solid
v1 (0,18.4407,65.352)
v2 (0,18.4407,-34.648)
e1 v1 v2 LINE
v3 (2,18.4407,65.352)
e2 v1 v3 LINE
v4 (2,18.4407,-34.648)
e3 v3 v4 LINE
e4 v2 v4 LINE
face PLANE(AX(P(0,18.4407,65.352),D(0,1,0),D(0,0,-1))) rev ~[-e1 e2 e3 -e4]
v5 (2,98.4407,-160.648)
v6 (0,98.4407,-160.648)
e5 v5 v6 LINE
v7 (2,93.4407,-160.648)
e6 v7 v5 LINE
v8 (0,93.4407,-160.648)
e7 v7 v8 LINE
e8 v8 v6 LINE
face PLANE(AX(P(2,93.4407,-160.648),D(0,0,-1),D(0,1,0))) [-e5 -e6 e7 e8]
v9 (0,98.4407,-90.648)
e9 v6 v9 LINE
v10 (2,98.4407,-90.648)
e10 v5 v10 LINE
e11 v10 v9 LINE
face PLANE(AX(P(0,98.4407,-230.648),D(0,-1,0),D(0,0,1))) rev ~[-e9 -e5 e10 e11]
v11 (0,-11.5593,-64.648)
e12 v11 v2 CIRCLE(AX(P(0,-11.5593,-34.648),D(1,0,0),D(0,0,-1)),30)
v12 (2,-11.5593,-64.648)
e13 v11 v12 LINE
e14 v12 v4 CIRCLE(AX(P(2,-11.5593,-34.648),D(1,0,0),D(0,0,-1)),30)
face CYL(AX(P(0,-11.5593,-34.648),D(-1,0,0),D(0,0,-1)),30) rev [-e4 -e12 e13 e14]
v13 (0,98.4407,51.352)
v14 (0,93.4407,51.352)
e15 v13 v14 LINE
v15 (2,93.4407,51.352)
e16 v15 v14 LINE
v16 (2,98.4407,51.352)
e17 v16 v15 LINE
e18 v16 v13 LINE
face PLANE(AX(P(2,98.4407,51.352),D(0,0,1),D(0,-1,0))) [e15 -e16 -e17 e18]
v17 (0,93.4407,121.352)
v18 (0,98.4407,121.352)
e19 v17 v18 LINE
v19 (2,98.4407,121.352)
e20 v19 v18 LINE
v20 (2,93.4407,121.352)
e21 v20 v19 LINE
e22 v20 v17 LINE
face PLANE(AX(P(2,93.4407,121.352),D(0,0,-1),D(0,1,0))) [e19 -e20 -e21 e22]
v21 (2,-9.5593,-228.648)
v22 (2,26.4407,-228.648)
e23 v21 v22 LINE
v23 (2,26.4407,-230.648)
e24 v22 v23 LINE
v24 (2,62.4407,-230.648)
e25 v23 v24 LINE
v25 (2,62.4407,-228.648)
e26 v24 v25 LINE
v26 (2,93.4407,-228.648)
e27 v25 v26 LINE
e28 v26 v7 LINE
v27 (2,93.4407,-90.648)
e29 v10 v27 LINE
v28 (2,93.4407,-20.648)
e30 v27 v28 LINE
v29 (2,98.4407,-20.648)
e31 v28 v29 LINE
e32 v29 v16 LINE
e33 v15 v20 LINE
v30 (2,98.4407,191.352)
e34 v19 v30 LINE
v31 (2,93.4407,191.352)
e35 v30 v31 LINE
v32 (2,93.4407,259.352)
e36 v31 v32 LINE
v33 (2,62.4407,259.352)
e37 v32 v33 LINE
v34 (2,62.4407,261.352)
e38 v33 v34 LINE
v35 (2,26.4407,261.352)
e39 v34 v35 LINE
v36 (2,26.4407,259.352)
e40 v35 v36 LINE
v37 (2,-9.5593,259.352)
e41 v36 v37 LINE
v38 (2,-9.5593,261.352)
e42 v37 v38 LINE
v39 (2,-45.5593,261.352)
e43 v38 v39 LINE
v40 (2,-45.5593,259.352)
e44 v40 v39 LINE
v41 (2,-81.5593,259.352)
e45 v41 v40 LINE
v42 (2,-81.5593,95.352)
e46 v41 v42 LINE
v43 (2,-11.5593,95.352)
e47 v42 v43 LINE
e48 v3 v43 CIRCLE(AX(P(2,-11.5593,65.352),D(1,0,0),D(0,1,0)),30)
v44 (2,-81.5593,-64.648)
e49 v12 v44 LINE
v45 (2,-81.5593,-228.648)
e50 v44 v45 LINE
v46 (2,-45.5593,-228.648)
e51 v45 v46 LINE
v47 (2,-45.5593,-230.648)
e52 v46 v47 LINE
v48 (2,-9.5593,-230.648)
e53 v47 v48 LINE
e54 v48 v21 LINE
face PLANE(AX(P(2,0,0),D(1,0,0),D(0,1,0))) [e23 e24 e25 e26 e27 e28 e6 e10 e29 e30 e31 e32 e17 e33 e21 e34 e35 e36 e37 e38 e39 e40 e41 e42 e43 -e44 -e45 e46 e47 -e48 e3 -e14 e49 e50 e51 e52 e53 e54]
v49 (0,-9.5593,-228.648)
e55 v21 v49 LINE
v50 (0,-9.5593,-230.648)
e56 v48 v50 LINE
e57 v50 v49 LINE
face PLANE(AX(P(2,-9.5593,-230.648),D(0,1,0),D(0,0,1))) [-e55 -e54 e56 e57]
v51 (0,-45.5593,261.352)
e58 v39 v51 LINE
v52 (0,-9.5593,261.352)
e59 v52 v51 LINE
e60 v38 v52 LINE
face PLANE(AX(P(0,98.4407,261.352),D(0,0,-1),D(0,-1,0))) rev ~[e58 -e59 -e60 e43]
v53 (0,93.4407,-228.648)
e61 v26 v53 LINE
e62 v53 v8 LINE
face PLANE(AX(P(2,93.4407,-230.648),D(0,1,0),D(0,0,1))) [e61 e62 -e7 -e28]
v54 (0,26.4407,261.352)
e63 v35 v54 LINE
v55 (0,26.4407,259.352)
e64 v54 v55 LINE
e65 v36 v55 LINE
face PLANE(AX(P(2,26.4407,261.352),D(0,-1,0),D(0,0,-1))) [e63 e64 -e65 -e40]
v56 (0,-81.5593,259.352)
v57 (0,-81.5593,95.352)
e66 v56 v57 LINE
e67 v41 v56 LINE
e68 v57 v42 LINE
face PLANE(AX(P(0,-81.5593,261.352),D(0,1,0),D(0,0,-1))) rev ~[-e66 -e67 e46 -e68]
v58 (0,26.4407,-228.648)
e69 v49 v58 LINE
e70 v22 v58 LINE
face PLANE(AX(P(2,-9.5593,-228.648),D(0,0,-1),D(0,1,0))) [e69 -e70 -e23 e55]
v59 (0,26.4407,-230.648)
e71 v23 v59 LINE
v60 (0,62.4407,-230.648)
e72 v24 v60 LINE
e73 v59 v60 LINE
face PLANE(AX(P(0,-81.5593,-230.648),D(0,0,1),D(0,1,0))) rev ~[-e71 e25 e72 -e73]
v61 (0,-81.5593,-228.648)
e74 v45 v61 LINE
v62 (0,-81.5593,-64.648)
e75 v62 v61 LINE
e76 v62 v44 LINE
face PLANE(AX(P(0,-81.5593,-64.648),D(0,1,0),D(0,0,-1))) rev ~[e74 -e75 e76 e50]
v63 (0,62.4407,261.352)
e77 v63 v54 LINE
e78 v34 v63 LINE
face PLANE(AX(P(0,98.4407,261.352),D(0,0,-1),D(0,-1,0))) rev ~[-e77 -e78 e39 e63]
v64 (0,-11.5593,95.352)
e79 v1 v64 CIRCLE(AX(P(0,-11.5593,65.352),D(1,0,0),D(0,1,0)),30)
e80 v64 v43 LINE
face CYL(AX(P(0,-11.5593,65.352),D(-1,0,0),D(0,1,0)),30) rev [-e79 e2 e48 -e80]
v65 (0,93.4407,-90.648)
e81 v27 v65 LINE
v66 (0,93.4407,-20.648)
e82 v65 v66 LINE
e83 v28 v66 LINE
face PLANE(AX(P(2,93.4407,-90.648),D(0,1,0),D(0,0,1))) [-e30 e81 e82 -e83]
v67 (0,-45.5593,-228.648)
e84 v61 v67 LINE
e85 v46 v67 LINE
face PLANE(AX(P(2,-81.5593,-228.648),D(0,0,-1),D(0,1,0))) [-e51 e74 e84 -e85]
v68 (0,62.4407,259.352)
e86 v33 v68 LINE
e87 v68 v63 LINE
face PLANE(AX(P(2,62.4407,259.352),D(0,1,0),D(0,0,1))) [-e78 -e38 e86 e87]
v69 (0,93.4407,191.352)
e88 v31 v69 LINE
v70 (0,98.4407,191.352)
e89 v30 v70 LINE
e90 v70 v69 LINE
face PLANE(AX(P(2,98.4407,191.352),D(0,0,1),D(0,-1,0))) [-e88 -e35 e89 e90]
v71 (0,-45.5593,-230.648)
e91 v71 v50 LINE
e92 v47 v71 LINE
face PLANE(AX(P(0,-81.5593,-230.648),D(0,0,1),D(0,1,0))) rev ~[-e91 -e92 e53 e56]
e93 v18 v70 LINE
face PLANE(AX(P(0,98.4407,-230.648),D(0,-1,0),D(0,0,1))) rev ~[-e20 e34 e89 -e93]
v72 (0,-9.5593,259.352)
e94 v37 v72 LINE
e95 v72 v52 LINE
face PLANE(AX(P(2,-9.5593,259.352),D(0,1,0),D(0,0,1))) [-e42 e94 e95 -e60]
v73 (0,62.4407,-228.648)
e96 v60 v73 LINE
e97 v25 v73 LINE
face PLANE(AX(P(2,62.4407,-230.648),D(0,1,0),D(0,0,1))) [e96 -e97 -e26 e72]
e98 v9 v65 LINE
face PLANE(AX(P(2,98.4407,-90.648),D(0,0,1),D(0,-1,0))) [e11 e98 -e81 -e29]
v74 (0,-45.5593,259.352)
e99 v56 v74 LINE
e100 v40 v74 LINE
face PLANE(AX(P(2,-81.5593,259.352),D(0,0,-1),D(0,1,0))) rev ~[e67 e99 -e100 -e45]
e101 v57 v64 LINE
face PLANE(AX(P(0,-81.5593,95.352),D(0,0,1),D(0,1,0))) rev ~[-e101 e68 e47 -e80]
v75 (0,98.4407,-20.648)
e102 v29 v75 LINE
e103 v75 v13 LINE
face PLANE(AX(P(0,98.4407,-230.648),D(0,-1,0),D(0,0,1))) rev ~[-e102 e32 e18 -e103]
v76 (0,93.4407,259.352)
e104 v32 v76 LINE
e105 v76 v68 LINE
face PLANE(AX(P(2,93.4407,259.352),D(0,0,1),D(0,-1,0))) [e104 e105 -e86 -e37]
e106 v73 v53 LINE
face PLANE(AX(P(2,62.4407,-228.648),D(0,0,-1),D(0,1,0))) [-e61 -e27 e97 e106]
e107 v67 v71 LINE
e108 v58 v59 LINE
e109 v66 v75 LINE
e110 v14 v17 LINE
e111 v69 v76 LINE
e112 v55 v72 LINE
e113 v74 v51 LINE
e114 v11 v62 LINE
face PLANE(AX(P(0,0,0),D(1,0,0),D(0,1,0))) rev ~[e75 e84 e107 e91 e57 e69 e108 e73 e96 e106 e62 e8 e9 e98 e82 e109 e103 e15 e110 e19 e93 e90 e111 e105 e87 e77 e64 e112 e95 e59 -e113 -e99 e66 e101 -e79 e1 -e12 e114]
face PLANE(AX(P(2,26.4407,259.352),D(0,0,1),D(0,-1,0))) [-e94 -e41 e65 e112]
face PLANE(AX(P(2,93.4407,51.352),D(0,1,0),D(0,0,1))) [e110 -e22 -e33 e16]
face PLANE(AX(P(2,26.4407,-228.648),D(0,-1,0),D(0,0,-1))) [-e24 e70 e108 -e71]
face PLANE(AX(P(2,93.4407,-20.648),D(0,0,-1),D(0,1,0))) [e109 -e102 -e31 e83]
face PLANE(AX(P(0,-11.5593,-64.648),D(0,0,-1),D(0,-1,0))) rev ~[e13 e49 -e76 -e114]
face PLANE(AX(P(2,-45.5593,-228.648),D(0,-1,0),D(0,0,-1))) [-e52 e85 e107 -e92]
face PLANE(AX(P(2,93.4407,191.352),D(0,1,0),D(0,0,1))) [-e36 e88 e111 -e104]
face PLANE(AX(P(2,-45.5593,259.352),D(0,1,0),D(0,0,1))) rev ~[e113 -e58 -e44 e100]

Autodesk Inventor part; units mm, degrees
ref_plane "YZ Plane" through (0, 0, 0) normal (1, 0, 0) x (0, 1, 0)
ref_plane "XZ Plane" through (0, 0, 0) normal (0, 1, 0) x (-1, 0, 0)
ref_plane "XY Plane" through (0, 0, 0) normal (0, 0, 1) x (1, 0, 0)
sketch "Sketch1" plane through (0, 0, 0) normal (1, 0, 0) x (0, 1, 0)
  line L0 (98.4407, 261.352) -> (-81.5593, 261.352)
  line L1 (-81.5593, -230.648) -> (98.4407, -230.648)
  line L2 (98.4407, -230.648) -> (98.4407, 261.352)
  line L3 (-81.5593, 95.352) -> (-11.5593, 95.352)
  line L4 (18.4407, 65.352) -> (18.4407, -34.648)
  line L5 (-11.5593, -64.648) -> (-81.5593, -64.648)
  line L6 (-81.5593, 261.352) -> (-81.5593, 95.352)
  line L7 (-81.5593, -64.648) -> (-81.5593, -230.648)
  arc A0 (18.4407, 65.352) -> (-11.5593, 95.352) centre (-11.5593, 65.352) ccw
  arc A1 (-11.5593, -64.648) -> (18.4407, -34.648) centre (-11.5593, -34.648) ccw
  point P0 (0, 0)
  point P1 (18.4407, -64.648)
  point P2 (18.4407, 95.352)
  dimension "d0" = 180
  dimension "d1" = 492
  dimension "d2" = 100
  dimension "d3" = 160
  dimension "d4" = 166
  dimension "d5" = 100
  dimension "d8" = 30
extrude "Extrusion1" add sketch "Sketch1" along normal blind 2
sketch "Sketch2" plane through (2, 0, 0) normal (1, 0, 0) x (0, 0, -1)
  line L0 (-261.352, 98.4407) -> (-191.352, 98.4407)
  line L1 (-191.352, 98.4407) -> (-191.352, 93.4407)
  line L2 (-191.352, 93.4407) -> (-261.352, 93.4407)
  line L3 (-261.352, 93.4407) -> (-261.352, 98.4407)
  line L4 (230.648, 98.4407) -> (-261.352, 98.4407) projected
  line L5 (-121.352, 98.4407) -> (-51.352, 98.4407)
  line L6 (-51.352, 98.4407) -> (-51.352, 93.4407)
  line L7 (-51.352, 93.4407) -> (-121.352, 93.4407)
  line L8 (-121.352, 93.4407) -> (-121.352, 98.4407)
  line L9 (20.648, 98.4407) -> (90.648, 98.4407)
  line L10 (90.648, 98.4407) -> (90.648, 93.4407)
  line L11 (90.648, 93.4407) -> (20.648, 93.4407)
  line L12 (20.648, 93.4407) -> (20.648, 98.4407)
  line L13 (160.648, 98.4407) -> (230.648, 98.4407)
  line L14 (230.648, 98.4407) -> (230.648, 93.4407)
  line L15 (230.648, 93.4407) -> (160.648, 93.4407)
  line L16 (160.648, 93.4407) -> (160.648, 98.4407)
  line L17 (230.648, -81.5593) -> (230.648, 98.4407) projected
  point P0 (0, 0)
  point P1 (230.648, 95.9407)
  point P2 (90.648, 95.9407)
  dimension "d9" = 70
  dimension "d10" = 70
  dimension "d11" = 70
  dimension "d12" = 70
  dimension "d13" = 0
  dimension "d14" = 70
  dimension "d15" = 70
  dimension "d16" = 72
  dimension "d17" = 5
extrude "Extrusion2" cut sketch "Sketch2" against normal blind 2
sketch "Sketch3" plane through (2, 0, 0) normal (1, 0, 0) x (0, 0, -1)
  line L0 (-261.352, 93.4407) -> (-261.352, -81.5593) projected
  line L1 (-261.352, 93.4407) -> (-259.352, 93.4407)
  line L2 (-259.352, 93.4407) -> (-259.352, 62.4407)
  line L3 (-259.352, 62.4407) -> (-261.352, 62.4407)
  line L4 (-261.352, 62.4407) -> (-261.352, 93.4407)
  line L5 (-261.352, 26.4407) -> (-259.352, 26.4407)
  line L6 (-259.352, 26.4407) -> (-259.352, -9.5593)
  line L7 (-259.352, -9.5593) -> (-261.352, -9.5593)
  line L8 (-261.352, -9.5593) -> (-261.352, 26.4407)
  line L9 (-261.352, -81.5593) -> (-259.352, -81.5593)
  line L10 (-259.352, -81.5593) -> (-259.352, -45.5593)
  line L11 (-259.352, -45.5593) -> (-261.352, -45.5593)
  line L12 (-261.352, -45.5593) -> (-261.352, -81.5593)
  line L13 (64.648, -81.5593) -> (230.648, -81.5593) projected
  line L14 (230.648, -81.5593) -> (228.648, -81.5593)
  line L15 (228.648, -81.5593) -> (228.648, -45.5593)
  line L16 (228.648, -45.5593) -> (230.648, -45.5593)
  line L17 (230.648, -45.5593) -> (230.648, -81.5593)
  line L18 (230.648, -81.5593) -> (230.648, 93.4407) projected
  line L19 (230.648, -9.5593) -> (228.648, -9.5593)
  line L20 (228.648, -9.5593) -> (228.648, 26.4407)
  line L21 (228.648, 26.4407) -> (230.648, 26.4407)
  line L22 (230.648, 26.4407) -> (230.648, -9.5593)
  line L23 (160.648, 93.4407) -> (230.648, 93.4407) projected
  line L24 (230.648, 62.4407) -> (228.648, 62.4407)
  line L25 (228.648, 62.4407) -> (228.648, 93.4407)
  line L26 (228.648, 93.4407) -> (230.648, 93.4407)
  line L27 (230.648, 93.4407) -> (230.648, 62.4407)
  point P0 (0, 0)
  point P1 (-260.352, -9.5593)
  point P2 (-260.352, -45.5593)
  point P3 (-260.352, 62.4407)
  point P4 (-260.352, 26.4407)
  point P5 (229.648, 26.4407)
  point P6 (229.648, 62.4407)
  point P7 (229.648, -9.5593)
  point P8 (229.648, -45.5593)
  dimension "d20" = 36
  dimension "d21" = 36
  dimension "d22" = 36
  dimension "d23" = 36
  dimension "d24" = 2
  dimension "d25" = 2
  dimension "d26" = 36
  dimension "d27" = 36
  dimension "d28" = 36
  dimension "d29" = 36
extrude "Extrusion3" cut sketch "Sketch3" against normal blind 2
properties part number "outer_side"
